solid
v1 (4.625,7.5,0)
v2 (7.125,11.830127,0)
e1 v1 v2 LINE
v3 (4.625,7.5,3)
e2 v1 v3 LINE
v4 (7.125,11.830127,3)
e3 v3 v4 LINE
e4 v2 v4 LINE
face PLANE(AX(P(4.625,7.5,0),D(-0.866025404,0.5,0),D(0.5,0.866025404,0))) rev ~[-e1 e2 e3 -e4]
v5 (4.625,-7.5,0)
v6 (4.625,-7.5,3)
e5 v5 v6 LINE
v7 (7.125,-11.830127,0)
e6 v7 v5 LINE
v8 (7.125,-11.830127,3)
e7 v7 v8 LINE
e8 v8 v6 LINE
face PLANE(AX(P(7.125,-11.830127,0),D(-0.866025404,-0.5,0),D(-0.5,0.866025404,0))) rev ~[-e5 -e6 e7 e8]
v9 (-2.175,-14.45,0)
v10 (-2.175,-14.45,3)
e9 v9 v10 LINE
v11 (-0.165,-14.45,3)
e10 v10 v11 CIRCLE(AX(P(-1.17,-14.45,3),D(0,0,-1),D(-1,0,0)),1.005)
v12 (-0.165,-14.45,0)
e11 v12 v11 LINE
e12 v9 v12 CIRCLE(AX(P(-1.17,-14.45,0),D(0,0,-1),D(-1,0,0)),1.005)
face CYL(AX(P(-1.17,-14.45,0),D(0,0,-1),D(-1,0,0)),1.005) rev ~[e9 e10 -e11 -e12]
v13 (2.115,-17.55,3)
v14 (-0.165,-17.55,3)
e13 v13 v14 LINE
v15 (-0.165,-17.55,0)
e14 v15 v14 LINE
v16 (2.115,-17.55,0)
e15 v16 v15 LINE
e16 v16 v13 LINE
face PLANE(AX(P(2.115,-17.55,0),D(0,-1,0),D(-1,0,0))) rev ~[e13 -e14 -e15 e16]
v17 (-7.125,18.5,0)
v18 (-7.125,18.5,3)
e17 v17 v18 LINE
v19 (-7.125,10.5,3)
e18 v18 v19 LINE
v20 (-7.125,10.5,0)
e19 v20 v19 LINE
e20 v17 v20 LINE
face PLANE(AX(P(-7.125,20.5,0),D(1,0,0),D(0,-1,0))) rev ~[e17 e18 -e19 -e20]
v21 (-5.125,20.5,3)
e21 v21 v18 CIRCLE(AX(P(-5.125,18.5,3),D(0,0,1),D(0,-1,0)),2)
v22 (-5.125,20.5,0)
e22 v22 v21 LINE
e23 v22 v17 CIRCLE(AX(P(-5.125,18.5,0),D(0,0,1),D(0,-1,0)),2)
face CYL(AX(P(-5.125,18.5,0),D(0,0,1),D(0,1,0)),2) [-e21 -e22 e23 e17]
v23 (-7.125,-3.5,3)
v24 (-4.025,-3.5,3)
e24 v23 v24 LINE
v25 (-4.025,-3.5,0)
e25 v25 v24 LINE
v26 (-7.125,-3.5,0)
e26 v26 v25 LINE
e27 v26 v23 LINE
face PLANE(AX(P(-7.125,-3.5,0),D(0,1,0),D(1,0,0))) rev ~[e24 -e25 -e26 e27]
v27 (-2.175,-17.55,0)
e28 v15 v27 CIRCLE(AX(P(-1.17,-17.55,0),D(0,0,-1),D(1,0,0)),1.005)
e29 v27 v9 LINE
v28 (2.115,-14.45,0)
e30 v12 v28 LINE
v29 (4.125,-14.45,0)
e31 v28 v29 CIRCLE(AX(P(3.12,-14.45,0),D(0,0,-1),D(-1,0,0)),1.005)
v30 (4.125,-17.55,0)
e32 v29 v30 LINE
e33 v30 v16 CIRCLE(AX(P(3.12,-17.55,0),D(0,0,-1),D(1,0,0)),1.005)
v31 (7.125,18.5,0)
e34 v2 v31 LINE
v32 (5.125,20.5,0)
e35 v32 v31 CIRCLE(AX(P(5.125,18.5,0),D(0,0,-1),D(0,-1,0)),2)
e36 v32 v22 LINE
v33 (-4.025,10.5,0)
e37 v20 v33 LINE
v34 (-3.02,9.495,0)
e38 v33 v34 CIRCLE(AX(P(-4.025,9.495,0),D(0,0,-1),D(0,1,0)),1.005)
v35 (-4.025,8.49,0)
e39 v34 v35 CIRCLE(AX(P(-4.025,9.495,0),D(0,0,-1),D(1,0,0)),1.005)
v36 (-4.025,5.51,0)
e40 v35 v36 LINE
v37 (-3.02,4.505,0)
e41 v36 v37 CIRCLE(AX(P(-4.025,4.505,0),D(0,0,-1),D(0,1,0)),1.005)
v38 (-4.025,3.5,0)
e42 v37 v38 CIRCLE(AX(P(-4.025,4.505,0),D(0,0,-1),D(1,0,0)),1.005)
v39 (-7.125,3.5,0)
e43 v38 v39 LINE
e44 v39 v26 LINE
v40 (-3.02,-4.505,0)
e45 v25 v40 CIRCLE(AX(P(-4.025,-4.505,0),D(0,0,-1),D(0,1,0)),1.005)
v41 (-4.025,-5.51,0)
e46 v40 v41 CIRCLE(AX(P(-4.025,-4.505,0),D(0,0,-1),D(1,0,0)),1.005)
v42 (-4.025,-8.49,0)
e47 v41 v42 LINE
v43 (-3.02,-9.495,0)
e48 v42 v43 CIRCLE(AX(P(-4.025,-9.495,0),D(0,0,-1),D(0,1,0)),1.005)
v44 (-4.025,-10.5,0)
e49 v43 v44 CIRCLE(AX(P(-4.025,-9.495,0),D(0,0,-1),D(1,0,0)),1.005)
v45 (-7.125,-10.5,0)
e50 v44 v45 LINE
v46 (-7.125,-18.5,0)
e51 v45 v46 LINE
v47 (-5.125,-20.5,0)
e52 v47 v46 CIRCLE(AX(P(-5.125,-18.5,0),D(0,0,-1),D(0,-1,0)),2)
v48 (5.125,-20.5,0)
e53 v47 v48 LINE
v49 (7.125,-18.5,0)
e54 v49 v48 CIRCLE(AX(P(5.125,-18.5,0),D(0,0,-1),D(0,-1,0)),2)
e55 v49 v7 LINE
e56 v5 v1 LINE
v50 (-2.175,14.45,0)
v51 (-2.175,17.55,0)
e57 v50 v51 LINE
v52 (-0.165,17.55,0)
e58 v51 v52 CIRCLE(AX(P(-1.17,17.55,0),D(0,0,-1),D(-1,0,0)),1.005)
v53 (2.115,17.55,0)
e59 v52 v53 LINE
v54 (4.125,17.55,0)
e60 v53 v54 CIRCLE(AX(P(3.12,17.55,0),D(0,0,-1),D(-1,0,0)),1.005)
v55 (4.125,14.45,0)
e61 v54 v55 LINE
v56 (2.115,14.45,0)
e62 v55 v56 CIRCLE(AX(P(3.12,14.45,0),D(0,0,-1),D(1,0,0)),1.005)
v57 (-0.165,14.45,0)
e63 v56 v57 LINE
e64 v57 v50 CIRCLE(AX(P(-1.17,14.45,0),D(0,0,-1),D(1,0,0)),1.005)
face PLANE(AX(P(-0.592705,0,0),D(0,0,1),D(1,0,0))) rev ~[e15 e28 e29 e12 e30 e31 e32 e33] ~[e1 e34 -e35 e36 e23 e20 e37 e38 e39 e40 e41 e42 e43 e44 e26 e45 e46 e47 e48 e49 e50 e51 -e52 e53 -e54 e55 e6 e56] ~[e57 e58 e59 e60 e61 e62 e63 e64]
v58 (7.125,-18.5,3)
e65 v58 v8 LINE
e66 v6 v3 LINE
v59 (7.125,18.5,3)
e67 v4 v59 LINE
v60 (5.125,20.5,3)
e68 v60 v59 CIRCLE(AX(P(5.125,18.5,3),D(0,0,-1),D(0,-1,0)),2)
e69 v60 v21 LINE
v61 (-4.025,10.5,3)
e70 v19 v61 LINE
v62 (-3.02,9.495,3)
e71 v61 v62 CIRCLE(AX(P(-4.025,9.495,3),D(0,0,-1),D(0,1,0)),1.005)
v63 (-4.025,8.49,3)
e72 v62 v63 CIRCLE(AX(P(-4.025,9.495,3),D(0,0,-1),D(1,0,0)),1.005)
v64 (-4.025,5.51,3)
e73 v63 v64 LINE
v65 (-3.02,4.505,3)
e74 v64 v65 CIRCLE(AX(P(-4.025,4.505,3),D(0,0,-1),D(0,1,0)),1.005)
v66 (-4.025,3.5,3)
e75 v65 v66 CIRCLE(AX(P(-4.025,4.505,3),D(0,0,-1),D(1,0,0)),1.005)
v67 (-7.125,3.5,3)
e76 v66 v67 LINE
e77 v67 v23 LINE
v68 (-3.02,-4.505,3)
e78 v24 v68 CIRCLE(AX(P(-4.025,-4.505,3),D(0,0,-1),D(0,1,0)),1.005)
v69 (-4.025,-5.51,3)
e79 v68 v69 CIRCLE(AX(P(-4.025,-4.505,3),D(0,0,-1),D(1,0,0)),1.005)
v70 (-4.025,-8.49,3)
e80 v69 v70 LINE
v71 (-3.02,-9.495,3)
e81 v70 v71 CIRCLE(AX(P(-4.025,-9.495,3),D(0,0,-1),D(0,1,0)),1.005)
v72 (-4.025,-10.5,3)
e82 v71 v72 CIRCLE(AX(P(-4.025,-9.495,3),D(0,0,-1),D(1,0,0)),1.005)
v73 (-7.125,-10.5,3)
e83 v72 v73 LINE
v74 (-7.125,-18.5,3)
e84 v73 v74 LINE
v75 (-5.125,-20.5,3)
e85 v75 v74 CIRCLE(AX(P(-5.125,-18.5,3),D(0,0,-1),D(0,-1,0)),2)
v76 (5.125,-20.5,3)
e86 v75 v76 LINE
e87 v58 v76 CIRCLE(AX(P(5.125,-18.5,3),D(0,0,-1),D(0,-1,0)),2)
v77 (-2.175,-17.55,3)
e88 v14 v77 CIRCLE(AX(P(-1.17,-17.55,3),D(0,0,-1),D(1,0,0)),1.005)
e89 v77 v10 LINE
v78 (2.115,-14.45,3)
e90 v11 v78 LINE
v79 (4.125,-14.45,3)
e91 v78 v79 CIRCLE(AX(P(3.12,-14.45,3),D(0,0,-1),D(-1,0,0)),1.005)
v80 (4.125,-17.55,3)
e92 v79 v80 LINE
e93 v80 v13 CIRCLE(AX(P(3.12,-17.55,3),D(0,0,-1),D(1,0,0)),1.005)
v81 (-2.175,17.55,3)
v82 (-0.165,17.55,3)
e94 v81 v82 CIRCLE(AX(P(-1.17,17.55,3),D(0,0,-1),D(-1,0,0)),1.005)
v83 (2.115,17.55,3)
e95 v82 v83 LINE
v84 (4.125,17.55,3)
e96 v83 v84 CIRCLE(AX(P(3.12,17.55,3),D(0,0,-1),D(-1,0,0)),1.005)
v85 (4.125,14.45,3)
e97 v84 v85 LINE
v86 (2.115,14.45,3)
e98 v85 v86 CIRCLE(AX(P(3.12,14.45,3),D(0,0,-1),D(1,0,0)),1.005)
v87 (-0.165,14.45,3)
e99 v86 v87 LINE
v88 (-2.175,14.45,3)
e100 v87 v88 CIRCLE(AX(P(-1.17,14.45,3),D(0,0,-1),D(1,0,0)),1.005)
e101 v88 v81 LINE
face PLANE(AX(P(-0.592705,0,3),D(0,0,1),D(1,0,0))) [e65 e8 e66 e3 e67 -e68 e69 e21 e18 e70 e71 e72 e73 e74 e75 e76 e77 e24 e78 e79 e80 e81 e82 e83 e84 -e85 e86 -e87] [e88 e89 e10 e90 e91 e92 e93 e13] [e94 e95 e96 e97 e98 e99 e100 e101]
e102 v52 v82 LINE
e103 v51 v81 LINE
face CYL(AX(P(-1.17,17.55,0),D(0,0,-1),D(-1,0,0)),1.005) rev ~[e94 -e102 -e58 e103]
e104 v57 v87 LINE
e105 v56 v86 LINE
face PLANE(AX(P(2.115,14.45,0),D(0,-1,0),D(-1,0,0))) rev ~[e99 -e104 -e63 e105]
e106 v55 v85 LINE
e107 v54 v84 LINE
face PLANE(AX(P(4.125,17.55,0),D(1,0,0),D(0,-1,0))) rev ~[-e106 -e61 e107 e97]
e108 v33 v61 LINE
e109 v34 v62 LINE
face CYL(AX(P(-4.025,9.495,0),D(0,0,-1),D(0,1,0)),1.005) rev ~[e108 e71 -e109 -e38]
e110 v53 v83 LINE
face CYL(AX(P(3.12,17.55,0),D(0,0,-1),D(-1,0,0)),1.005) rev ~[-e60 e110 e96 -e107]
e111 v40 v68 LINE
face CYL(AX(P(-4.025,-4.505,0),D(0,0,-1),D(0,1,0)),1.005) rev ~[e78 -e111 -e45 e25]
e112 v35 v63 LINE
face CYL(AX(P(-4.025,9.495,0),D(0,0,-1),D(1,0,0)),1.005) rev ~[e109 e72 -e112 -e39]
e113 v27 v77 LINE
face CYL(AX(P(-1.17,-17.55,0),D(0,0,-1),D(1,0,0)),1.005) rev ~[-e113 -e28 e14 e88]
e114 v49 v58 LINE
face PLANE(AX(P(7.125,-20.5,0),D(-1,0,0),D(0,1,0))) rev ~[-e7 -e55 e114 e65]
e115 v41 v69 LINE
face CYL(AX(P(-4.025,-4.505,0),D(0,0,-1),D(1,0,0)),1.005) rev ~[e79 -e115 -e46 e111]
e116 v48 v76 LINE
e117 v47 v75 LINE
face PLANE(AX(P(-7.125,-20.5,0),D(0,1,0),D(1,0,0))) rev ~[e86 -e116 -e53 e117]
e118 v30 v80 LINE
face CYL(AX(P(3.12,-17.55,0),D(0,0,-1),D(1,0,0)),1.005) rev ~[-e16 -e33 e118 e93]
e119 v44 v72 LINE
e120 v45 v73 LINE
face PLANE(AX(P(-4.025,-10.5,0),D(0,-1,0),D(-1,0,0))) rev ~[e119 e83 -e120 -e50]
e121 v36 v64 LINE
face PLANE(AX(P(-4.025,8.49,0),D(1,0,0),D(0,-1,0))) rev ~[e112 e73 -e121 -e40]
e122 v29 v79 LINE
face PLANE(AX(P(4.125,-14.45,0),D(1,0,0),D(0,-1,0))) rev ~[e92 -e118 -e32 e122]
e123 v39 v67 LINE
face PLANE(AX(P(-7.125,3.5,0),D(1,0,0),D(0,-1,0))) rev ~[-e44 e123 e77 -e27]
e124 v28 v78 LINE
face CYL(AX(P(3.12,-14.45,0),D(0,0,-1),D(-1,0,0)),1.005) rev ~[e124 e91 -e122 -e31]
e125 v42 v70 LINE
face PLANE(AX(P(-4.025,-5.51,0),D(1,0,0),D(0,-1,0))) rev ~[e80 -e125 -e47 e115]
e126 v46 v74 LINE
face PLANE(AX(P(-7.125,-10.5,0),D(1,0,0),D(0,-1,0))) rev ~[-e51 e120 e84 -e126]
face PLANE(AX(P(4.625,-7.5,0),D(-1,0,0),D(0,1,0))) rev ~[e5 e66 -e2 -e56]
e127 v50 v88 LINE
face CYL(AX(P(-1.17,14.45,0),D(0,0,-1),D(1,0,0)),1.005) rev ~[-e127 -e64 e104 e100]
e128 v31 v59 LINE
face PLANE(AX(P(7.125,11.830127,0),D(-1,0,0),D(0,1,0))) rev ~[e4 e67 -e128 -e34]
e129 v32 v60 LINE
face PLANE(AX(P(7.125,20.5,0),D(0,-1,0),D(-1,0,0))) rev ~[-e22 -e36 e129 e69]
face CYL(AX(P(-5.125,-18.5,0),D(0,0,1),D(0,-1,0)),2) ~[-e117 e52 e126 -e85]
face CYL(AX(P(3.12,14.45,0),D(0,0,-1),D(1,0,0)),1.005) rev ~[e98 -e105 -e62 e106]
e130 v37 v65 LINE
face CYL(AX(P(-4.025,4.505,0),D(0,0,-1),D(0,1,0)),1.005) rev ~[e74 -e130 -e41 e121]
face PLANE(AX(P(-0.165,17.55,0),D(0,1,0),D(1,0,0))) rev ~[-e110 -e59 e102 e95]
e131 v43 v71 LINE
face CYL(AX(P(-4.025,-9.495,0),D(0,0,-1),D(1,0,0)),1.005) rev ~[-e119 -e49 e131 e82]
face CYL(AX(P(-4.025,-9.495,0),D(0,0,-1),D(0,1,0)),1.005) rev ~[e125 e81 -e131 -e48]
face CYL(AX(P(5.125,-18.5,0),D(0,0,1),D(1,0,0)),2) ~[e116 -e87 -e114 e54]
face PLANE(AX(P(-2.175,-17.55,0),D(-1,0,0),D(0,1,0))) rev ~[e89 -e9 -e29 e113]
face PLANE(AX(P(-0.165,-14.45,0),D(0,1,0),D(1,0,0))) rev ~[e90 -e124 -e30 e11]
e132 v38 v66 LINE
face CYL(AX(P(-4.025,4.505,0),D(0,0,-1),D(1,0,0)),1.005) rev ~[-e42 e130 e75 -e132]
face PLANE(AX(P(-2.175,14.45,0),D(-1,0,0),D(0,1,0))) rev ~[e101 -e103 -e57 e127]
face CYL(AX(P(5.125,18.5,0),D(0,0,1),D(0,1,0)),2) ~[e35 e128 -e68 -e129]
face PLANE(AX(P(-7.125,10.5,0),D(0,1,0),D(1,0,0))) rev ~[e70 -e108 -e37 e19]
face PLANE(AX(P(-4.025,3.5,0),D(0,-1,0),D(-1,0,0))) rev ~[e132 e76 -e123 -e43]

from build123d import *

# Parameters (mm, degrees)
EXTRUDE_1_DEPTH = 3
FILLET_1_R      = 2


with BuildPart() as part:
    # 草图1 → 凸台-拉伸1 (new body)
    with BuildSketch(Plane.XY):
        with BuildLine():
            Line((7.125, 20.5), (-7.125, 20.5))
            Line((-7.125, 20.5), (-7.125, 10.5))
            Line((-7.125, 10.5), (-4.025, 10.5))
            ThreePointArc((-4.025, 10.5), (-3.314357685, 10.205642315), (-3.02, 9.495))
            ThreePointArc((-3.02, 9.495), (-3.314357685, 8.784357685), (-4.025, 8.49))
            Line((-4.025, 8.49), (-4.025, 5.51))
            ThreePointArc((-4.025, 5.51), (-3.314357685, 5.215642315), (-3.02, 4.505))
            ThreePointArc((-3.02, 4.505), (-3.314357685, 3.794357685), (-4.025, 3.5))
            Line((-4.025, 3.5), (-7.125, 3.5))
            Line((-7.125, 3.5), (-7.125, -3.5))
            Line((-7.125, -3.5), (-4.025, -3.5))
            ThreePointArc((-4.025, -3.5), (-3.314357685, -3.794357685), (-3.02, -4.505))
            ThreePointArc((-3.02, -4.505), (-3.314357685, -5.215642315), (-4.025, -5.51))
            Line((-4.025, -5.51), (-4.025, -8.49))
            ThreePointArc((-4.025, -8.49), (-3.314357685, -8.784357685), (-3.02, -9.495))
            ThreePointArc((-3.02, -9.495), (-3.314357685, -10.205642315), (-4.025, -10.5))
            Line((-4.025, -10.5), (-7.125, -10.5))
            Line((-7.125, -10.5), (-7.125, -20.5))
            Line((-7.125, -20.5), (7.125, -20.5))
            Line((7.125, -20.5), (7.125, -11.830127019))
            Line((7.125, -11.830127019), (4.625, -7.5))
            Line((4.625, -7.5), (4.625, 7.5))
            Line((4.625, 7.5), (7.125, 11.830127019))
            Line((7.125, 11.830127019), (7.125, 20.5))
        make_face()
        with BuildLine():
            Line((2.115, -17.55), (-0.165, -17.55))
            ThreePointArc((-0.165, -17.55), (-1.17, -18.555), (-2.175, -17.55))
            Line((-2.175, -17.55), (-2.175, -14.45))
            ThreePointArc((-2.175, -14.45), (-1.17, -13.445), (-0.165, -14.45))
            Line((-0.165, -14.45), (2.115, -14.45))
            ThreePointArc((2.115, -14.45), (3.12, -13.445), (4.125, -14.45))
            Line((4.125, -14.45), (4.125, -17.55))
            ThreePointArc((4.125, -17.55), (3.12, -18.555), (2.115, -17.55))
        make_face(mode=Mode.SUBTRACT)
        with BuildLine():
            Line((2.115, 14.45), (-0.165, 14.45))
            ThreePointArc((-0.165, 14.45), (-1.17, 13.445), (-2.175, 14.45))
            Line((-2.175, 14.45), (-2.175, 17.55))
            ThreePointArc((-2.175, 17.55), (-1.17, 18.555), (-0.165, 17.55))
            Line((-0.165, 17.55), (2.115, 17.55))
            ThreePointArc((2.115, 17.55), (3.12, 18.555), (4.125, 17.55))
            Line((4.125, 17.55), (4.125, 14.45))
            ThreePointArc((4.125, 14.45), (3.12, 13.445), (2.115, 14.45))
        make_face(mode=Mode.SUBTRACT)
    extrude(amount=EXTRUDE_1_DEPTH)

    # 圆角1
    fillet_1_edges = [part.edges().sort_by_distance(p)[0] for p in [
        (-7.125, 20.5, 1.5),
        (7.125, 20.5, 1.5),
        (7.125, -20.5, 1.5),
        (-7.125, -20.5, 1.5),
    ]]
    fillet(fillet_1_edges, radius=FILLET_1_R)


solid = part.part
